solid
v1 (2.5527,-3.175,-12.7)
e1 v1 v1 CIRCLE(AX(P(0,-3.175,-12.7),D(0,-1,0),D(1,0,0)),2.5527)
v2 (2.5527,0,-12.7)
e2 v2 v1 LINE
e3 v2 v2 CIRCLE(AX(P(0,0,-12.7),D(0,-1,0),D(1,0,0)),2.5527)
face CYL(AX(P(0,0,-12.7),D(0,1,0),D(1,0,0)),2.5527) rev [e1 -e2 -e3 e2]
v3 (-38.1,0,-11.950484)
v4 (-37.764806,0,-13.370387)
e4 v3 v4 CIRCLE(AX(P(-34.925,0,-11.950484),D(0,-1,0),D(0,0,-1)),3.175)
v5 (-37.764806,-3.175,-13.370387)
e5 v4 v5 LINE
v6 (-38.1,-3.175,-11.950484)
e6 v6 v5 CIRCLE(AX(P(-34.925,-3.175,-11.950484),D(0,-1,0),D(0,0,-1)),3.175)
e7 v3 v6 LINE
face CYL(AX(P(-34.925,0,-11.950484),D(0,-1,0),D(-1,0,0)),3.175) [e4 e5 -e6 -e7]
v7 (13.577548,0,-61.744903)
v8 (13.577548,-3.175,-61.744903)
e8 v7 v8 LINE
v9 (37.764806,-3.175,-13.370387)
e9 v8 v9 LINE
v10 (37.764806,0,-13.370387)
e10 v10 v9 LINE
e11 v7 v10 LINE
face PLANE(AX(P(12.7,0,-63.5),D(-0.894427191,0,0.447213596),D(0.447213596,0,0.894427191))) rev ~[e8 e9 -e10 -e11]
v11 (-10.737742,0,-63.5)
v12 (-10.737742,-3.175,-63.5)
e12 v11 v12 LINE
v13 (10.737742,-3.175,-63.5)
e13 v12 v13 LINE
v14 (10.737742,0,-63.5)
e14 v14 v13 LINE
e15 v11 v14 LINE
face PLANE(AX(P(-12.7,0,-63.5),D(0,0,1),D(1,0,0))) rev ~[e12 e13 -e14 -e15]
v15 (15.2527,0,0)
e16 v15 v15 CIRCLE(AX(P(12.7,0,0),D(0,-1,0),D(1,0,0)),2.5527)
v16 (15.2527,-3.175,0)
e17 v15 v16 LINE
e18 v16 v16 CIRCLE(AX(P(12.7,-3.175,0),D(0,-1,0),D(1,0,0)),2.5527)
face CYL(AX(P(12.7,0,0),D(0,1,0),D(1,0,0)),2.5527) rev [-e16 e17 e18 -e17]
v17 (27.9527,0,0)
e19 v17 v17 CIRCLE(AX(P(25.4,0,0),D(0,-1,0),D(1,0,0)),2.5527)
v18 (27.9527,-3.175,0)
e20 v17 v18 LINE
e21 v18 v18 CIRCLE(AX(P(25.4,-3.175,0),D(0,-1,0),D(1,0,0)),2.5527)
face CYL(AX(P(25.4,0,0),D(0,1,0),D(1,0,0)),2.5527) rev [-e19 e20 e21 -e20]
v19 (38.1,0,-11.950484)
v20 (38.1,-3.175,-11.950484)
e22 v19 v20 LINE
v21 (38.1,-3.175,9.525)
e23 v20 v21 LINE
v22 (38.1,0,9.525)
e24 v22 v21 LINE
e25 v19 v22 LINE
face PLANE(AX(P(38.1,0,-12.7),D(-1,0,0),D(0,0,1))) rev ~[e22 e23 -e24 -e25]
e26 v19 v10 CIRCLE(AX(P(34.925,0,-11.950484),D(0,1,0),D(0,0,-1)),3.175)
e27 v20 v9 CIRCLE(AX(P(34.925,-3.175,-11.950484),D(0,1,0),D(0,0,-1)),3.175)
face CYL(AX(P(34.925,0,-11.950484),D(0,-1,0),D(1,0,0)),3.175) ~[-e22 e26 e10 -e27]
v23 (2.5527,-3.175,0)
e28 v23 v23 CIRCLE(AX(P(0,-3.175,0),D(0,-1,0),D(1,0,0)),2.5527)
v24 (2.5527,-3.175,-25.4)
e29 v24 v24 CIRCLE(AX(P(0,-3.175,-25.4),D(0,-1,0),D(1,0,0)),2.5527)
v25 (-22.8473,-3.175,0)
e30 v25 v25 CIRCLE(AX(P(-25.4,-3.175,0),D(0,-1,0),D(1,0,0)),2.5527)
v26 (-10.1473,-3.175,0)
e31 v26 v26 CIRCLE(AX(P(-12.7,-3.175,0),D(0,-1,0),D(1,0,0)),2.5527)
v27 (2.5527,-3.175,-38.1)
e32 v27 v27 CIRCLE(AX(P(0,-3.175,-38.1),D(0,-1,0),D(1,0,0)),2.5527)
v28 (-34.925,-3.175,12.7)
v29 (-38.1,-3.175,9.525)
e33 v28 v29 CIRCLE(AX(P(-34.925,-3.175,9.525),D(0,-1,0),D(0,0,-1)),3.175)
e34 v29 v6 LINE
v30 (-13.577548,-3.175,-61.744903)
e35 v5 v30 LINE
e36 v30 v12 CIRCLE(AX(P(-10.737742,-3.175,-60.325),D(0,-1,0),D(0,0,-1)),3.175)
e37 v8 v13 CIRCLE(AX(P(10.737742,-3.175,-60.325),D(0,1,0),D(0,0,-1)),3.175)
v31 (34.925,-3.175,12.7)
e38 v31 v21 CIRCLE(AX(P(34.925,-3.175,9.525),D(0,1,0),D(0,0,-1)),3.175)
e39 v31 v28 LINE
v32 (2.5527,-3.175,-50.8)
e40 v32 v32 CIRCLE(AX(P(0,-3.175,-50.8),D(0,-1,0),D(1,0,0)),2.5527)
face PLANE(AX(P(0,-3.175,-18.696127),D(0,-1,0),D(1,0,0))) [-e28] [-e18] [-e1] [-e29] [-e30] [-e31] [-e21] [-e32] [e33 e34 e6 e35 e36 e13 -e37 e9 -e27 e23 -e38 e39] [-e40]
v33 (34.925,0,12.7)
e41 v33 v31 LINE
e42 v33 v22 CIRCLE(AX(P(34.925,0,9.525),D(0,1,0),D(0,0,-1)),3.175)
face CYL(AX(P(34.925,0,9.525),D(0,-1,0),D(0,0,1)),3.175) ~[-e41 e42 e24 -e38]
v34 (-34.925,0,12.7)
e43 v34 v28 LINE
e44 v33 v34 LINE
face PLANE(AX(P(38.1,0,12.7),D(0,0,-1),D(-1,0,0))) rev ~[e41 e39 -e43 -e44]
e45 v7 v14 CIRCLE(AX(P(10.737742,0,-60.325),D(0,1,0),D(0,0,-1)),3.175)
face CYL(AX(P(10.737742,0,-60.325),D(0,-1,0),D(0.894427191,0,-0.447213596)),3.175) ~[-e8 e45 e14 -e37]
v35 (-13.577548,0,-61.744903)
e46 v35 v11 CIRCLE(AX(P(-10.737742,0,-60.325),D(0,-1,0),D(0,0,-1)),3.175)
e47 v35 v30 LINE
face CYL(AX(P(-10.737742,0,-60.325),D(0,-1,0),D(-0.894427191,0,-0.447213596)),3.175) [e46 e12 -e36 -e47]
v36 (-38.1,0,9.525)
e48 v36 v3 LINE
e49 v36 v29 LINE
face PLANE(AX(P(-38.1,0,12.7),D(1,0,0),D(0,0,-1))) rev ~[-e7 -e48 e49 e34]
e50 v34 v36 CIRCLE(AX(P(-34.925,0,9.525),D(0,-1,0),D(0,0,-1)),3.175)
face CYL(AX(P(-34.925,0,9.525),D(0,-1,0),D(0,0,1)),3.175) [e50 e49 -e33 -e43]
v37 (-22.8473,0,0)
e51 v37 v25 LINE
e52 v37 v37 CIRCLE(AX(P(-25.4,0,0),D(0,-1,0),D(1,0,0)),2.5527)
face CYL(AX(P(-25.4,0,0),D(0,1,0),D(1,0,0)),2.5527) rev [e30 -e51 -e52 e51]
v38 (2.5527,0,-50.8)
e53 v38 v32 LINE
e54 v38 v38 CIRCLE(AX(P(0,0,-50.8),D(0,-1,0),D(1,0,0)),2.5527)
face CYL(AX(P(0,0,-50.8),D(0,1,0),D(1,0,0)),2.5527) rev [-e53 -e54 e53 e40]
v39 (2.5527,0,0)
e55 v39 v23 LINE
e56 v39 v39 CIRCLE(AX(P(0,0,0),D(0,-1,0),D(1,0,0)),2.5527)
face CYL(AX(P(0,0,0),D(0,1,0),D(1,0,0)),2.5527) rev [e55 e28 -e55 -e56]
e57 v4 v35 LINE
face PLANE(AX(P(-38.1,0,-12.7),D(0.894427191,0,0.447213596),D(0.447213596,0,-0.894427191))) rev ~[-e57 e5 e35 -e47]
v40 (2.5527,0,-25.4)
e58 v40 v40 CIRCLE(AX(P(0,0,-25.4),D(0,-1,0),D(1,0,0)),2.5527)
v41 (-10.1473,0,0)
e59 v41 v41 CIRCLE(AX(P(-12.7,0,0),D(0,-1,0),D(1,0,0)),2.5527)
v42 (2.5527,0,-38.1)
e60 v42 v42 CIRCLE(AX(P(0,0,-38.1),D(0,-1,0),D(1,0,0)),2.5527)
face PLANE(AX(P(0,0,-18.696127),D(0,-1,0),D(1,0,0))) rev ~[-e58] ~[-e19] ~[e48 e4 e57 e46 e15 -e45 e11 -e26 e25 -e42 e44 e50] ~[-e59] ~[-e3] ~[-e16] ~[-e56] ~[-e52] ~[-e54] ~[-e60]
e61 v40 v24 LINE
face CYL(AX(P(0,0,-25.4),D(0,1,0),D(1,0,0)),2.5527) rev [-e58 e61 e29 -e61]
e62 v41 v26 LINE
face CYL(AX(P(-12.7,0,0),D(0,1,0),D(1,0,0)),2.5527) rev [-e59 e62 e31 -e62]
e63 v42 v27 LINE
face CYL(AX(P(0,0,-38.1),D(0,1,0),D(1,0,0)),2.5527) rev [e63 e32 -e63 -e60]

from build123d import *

# Parameters (mm, degrees)
F0_R     = 2.5527
F1_DEPTH = 3.175
F2_R     = 3.175


with BuildPart() as f1:
    # F0 (on Front) → F1 (new body)
    with BuildSketch(Plane.XZ):
        Polygon((38.1, 12.7), (-38.1, 12.7), (-38.1, -12.7), (-12.7, -63.5), (12.7, -63.5), (38.1, -12.7), align=None)
        with Locations((0, -50.8)):
            Circle(F0_R, mode=Mode.SUBTRACT)
        with Locations((0, -38.1)):
            Circle(F0_R, mode=Mode.SUBTRACT)
        with Locations((-25.4, 0)):
            Circle(F0_R, mode=Mode.SUBTRACT)
        with Locations((-12.7, 0)):
            Circle(F0_R, mode=Mode.SUBTRACT)
        with Locations((0, -25.4)):
            Circle(F0_R, mode=Mode.SUBTRACT)
        with Locations((0, -12.7)):
            Circle(F0_R, mode=Mode.SUBTRACT)
        Circle(F0_R, mode=Mode.SUBTRACT)
        with Locations((12.7, 0)):
            Circle(F0_R, mode=Mode.SUBTRACT)
        with Locations((25.4, 0)):
            Circle(F0_R, mode=Mode.SUBTRACT)
    extrude(amount=F1_DEPTH)

    # F2
    f2_edges = [f1.edges().sort_by_distance(p)[0] for p in [
        (38.1, -1.5875, 12.7),
        (38.1, -1.5875, -12.7),
        (12.7, -1.5875, -63.5),
        (-12.7, -1.5875, -63.5),
        (-38.1, -1.5875, -12.7),
        (-38.1, -1.5875, 12.7),
    ]]
    fillet(f2_edges, radius=F2_R)


solid = f1.part
